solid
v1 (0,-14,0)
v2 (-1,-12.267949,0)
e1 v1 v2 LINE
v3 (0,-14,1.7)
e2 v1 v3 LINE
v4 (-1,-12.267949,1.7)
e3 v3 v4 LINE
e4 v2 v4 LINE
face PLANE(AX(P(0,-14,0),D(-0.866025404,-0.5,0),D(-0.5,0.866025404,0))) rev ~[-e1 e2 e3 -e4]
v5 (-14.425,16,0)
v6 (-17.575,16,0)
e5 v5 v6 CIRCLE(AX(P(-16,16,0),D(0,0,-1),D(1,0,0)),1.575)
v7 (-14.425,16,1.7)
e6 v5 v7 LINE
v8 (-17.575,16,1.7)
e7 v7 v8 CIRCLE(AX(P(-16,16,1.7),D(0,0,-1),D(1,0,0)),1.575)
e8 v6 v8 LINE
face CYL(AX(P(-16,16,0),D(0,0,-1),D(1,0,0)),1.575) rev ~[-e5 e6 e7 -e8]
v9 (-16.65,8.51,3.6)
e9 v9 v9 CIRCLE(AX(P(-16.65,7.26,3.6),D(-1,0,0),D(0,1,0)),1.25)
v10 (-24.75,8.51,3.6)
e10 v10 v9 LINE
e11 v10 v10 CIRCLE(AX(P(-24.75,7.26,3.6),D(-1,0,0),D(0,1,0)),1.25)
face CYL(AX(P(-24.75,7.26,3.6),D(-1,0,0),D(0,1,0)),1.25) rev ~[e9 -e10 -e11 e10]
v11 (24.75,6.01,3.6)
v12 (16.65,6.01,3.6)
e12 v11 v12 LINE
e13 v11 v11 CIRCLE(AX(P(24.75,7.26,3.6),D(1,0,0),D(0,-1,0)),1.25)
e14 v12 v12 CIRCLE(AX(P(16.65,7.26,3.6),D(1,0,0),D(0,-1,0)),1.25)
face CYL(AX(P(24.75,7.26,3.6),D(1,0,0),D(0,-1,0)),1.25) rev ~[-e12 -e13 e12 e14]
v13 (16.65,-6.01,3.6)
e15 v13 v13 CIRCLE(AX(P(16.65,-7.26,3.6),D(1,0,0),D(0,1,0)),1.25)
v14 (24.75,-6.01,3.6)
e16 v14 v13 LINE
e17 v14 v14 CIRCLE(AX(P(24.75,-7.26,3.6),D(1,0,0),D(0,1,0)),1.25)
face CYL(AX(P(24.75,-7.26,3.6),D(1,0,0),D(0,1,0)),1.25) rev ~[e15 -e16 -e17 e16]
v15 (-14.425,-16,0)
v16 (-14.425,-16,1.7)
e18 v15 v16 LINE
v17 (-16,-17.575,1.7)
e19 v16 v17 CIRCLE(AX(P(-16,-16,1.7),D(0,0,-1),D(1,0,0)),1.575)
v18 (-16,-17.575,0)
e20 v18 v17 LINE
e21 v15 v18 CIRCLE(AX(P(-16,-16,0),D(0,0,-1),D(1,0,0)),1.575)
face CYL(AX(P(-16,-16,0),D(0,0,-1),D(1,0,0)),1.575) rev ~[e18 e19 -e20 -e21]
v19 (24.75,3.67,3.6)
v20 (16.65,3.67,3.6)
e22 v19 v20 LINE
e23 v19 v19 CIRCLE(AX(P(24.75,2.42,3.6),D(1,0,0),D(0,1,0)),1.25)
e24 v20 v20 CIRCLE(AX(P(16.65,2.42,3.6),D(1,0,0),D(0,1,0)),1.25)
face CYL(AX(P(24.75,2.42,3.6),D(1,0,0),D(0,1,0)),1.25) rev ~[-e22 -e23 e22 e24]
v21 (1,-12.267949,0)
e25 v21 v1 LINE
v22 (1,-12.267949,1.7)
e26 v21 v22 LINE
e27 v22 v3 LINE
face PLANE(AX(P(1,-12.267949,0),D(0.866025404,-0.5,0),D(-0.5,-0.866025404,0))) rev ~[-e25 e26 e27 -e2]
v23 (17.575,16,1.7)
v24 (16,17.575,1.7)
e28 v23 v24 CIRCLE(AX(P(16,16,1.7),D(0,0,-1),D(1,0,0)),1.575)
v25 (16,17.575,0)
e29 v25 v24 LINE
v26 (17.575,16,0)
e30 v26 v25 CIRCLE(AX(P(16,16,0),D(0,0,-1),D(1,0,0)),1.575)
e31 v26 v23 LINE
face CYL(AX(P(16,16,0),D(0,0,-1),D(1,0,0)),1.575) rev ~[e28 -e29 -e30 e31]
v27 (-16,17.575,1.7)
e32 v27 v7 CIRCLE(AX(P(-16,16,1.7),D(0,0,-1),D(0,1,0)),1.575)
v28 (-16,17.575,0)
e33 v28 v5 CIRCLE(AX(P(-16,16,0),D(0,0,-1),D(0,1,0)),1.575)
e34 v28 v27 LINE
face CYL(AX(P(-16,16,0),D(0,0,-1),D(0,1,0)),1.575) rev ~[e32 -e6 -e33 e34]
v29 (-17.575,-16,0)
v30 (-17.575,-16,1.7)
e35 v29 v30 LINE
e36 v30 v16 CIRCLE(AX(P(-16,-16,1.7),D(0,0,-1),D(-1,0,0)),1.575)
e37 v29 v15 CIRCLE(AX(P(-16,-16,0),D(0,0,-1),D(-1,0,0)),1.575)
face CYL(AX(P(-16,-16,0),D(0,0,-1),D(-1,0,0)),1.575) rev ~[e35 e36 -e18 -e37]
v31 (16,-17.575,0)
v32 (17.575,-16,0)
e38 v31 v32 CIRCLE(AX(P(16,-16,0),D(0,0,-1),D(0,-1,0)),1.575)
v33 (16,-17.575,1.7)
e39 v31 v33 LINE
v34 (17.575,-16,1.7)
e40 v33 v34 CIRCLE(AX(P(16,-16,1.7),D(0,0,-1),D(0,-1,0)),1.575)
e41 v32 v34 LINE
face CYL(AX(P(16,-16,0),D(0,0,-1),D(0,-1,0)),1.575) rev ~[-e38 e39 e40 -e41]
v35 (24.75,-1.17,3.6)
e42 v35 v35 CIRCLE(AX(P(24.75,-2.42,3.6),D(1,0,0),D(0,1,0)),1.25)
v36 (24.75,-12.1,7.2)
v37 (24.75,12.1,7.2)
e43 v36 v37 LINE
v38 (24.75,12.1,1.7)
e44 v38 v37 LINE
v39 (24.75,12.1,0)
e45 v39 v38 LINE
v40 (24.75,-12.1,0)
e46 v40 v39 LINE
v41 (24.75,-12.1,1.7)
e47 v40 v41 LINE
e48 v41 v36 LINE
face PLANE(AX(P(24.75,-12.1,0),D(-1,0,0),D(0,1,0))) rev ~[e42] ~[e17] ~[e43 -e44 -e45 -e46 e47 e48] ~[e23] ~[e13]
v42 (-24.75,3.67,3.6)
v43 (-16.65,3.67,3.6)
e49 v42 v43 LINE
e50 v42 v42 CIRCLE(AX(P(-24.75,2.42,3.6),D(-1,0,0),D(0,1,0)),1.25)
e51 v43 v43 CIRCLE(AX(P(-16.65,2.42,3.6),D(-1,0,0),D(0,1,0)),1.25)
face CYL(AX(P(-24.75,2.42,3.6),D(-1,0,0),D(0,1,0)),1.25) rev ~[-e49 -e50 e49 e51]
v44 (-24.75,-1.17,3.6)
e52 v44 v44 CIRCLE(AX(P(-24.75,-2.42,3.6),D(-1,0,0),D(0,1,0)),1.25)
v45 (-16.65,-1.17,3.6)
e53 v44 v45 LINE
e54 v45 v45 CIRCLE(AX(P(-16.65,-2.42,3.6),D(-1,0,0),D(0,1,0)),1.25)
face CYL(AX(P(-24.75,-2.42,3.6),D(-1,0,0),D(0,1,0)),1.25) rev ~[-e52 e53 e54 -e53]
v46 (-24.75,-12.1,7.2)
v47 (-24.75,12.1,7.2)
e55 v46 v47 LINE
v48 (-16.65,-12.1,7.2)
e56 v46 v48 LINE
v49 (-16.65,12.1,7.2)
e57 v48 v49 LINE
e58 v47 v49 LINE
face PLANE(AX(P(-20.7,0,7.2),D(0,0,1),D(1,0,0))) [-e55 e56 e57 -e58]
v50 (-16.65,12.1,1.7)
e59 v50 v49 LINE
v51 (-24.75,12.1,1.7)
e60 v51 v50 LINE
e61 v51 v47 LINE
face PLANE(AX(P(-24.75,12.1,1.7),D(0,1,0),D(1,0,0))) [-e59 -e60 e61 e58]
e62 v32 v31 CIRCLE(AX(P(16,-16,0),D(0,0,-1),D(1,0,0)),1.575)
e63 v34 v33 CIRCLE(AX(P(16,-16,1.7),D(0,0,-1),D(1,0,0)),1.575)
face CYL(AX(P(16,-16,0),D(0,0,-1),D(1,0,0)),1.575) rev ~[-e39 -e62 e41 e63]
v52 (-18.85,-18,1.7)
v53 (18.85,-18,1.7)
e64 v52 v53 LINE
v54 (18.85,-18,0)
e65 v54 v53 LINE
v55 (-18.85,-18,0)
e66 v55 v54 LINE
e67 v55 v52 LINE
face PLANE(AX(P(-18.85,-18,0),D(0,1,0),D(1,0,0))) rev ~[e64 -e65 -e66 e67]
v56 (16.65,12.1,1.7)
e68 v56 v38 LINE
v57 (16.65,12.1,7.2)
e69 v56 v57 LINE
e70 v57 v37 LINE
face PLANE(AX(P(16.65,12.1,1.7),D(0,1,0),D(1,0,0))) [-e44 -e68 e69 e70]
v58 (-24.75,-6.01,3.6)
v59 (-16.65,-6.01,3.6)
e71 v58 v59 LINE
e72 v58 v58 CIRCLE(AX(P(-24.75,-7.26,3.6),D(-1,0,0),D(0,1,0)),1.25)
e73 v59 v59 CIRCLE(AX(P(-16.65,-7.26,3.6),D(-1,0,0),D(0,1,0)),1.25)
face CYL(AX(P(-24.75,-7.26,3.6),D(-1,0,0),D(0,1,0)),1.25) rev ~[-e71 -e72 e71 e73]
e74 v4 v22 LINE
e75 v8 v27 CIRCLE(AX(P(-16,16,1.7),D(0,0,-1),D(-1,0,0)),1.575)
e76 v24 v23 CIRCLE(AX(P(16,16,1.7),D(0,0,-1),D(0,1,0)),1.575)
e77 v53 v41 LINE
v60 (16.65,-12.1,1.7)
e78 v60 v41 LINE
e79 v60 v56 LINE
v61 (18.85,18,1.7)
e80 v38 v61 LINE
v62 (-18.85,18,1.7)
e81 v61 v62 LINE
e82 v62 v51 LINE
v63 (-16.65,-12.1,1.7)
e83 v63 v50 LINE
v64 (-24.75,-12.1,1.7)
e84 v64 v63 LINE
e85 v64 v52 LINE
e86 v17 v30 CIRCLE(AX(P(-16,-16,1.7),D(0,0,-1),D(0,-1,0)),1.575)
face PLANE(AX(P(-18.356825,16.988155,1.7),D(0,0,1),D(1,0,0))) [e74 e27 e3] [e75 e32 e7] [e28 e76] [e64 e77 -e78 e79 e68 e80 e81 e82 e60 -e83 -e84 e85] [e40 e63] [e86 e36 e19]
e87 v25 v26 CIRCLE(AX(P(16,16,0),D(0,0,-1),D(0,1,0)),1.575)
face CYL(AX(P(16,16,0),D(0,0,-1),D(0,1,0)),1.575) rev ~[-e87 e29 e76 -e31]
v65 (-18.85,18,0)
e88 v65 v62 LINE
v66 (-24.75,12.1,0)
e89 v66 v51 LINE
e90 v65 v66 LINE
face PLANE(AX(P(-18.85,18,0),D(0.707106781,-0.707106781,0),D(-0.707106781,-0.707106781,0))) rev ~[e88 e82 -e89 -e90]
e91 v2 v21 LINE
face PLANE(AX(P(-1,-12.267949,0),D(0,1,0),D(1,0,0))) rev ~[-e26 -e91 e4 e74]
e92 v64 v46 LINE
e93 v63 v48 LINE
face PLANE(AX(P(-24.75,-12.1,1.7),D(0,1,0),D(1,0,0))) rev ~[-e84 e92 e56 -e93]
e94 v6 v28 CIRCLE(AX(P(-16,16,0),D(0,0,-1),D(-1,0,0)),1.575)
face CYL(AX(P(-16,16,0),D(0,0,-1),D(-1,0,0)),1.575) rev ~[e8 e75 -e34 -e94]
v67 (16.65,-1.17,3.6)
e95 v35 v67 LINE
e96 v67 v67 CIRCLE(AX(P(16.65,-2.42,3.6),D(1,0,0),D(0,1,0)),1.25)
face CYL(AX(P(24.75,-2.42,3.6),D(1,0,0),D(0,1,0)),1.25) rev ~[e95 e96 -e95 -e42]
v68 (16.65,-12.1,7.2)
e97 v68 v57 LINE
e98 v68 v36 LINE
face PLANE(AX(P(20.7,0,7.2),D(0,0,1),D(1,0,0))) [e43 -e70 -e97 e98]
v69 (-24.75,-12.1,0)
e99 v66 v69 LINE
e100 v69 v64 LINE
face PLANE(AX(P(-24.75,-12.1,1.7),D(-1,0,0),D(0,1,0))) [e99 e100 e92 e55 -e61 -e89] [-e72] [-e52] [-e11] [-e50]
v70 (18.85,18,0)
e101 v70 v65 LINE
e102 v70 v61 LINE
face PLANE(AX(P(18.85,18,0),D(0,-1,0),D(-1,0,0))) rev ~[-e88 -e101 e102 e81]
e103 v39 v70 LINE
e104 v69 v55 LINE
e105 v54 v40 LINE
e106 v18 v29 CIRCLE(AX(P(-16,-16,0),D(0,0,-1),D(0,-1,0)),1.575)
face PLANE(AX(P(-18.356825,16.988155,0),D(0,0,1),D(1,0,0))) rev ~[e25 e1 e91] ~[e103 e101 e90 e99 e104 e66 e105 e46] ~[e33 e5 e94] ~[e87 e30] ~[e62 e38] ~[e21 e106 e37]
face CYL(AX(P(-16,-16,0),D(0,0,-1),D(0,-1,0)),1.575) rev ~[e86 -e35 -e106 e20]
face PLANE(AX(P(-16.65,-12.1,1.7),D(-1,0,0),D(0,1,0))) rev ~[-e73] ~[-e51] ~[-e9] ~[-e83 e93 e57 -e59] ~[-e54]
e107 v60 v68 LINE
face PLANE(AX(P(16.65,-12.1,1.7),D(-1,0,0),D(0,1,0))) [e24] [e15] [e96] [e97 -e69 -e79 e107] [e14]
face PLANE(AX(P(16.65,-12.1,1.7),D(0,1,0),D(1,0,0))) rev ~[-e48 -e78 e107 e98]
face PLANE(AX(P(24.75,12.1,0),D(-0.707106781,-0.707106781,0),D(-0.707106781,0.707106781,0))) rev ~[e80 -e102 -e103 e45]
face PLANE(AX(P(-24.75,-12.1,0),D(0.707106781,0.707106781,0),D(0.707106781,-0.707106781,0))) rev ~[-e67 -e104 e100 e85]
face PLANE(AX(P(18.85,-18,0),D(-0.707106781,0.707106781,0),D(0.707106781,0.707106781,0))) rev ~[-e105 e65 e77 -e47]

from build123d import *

# Parameters (mm, degrees)
F1_DEPTH = 1.7
F2_W     = 8.1
F2_H     = 24.2000000085
F3_DEPTH = 5.5
F6_DEPTH = 8.1
F7_DEPTH = 8.1


with BuildPart() as f1:
    # F0 (on Top) → F1 (new body)
    with BuildSketch(Plane.XY):
        with BuildLine():
            ThreePointArc((-17.5750000042, 16), (-17.1136931846, 17.1136931804), (-16.0000000042, 17.575))
            Line((-16.0000000042, 17.575), (-16.0000000042, 18))
            Line((-16.0000000042, 18), (-18.8500000085, 18))
            Line((-18.8500000085, 18), (-20.8500000085, 16))
            Line((-20.8500000085, 16), (-17.5750000042, 16))
        make_face()
        with BuildLine():
            ThreePointArc((-16.0000000042, 17.575), (-14.8863068239, 17.1136931804), (-14.4250000042, 16))
            ThreePointArc((-14.4250000042, 16), (-16.0000000042, 14.425), (-17.5750000042, 16))
            Line((-17.5750000042, 16), (-20.8500000085, 16))
            Line((-20.8500000085, 16), (-24.75, 12.1000000085))
            Line((-24.75, 12.1000000085), (-24.75, -12.1))
            Line((-24.75, -12.1), (-20.85, -16))
            Line((-20.85, -16), (-17.5749999958, -16))
            ThreePointArc((-17.5749999958, -16), (-15.9999999958, -14.425), (-14.4249999958, -16))
            ThreePointArc((-14.4249999958, -16), (-14.8863068154, -17.1136931804), (-15.9999999958, -17.575))
            Line((-15.9999999958, -17.575), (-15.9999999958, -18))
            Line((-15.9999999958, -18), (16.0000000042, -18))
            Line((16.0000000042, -18), (16.0000000042, -17.575))
            ThreePointArc((16.0000000042, -17.575), (14.8863068239, -14.8863068196), (17.5750000042, -16))
            Line((17.5750000042, -16), (20.8500000085, -16))
            Line((20.8500000085, -16), (24.75, -12.1000000085))
            Line((24.75, -12.1000000085), (24.75, 12.1))
            Line((24.75, 12.1), (20.85, 16))
            Line((20.85, 16), (17.5749999958, 16))
            ThreePointArc((17.5749999958, 16), (14.8863068154, 14.8863068196), (15.9999999958, 17.575))
            Line((15.9999999958, 17.575), (15.9999999958, 18))
            Line((15.9999999958, 18), (-16.0000000042, 18))
            Line((-16.0000000042, 18), (-16.0000000042, 17.575))
        make_face()
        Polygon((1, -12.2679491924), (0, -14), (-1, -12.2679491924), align=None, mode=Mode.SUBTRACT)
        with BuildLine():
            Line((18.85, 18), (15.9999999958, 18))
            Line((15.9999999958, 18), (15.9999999958, 17.575))
            ThreePointArc((15.9999999958, 17.575), (17.1136931761, 17.1136931804), (17.5749999958, 16))
            Line((17.5749999958, 16), (20.85, 16))
            Line((20.85, 16), (18.85, 18))
        make_face()
        with BuildLine():
            Line((18.8500000085, -18), (20.8500000085, -16))
            Line((20.8500000085, -16), (17.5750000042, -16))
            ThreePointArc((17.5750000042, -16), (17.1136931846, -17.1136931804), (16.0000000042, -17.575))
            Line((16.0000000042, -17.575), (16.0000000042, -18))
            Line((16.0000000042, -18), (18.8500000085, -18))
        make_face()
        with BuildLine():
            Line((-17.5749999958, -16), (-20.85, -16))
            Line((-20.85, -16), (-18.85, -18))
            Line((-18.85, -18), (-15.9999999958, -18))
            Line((-15.9999999958, -18), (-15.9999999958, -17.575))
            ThreePointArc((-15.9999999958, -17.575), (-17.1136931761, -17.1136931804), (-17.5749999958, -16))
        make_face()
    extrude(amount=F1_DEPTH)

    # F2 (on face) → F3 (join)
    with BuildSketch(Plane.XY.offset(1.7)):
        with Locations((-20.7, 4.2e-09)):
            Rectangle(F2_W, F2_H)
        with Locations((20.7, -4.2e-09)):
            Rectangle(F2_W, F2_H)
    extrude(amount=F3_DEPTH)

    # F5 (on face) → F6 (cut)
    with BuildSketch(Plane.YZ.offset(24.75)):
        with BuildLine():
            Line((6.0099999915, 3.6), (8.5099999915, 3.6))
            ThreePointArc((8.5099999915, 3.6), (7.2599999915, 4.85), (6.0099999915, 3.6))
        make_face()
        with BuildLine():
            ThreePointArc((6.0099999915, 3.6), (7.2599999915, 2.35), (8.5099999915, 3.6))
            Line((8.5099999915, 3.6), (6.0099999915, 3.6))
        make_face()
        with BuildLine():
            ThreePointArc((1.1699999915, 3.6), (2.4199999915, 2.35), (3.6699999915, 3.6))
            Line((3.6699999915, 3.6), (1.1699999915, 3.6))
        make_face()
        with BuildLine():
            Line((1.1699999915, 3.6), (3.6699999915, 3.6))
            ThreePointArc((3.6699999915, 3.6), (2.4199999915, 4.85), (1.1699999915, 3.6))
        make_face()
        with BuildLine():
            ThreePointArc((-3.6700000085, 3.6), (-2.4200000085, 2.35), (-1.1700000085, 3.6))
            Line((-1.1700000085, 3.6), (-3.6700000085, 3.6))
        make_face()
        with BuildLine():
            Line((-3.6700000085, 3.6), (-1.1700000085, 3.6))
            ThreePointArc((-1.1700000085, 3.6), (-2.4200000085, 4.85), (-3.6700000085, 3.6))
        make_face()
        with BuildLine():
            Line((-6.0100000085, 3.6), (-8.5100000085, 3.6))
            ThreePointArc((-8.5100000085, 3.6), (-7.2600000085, 2.35), (-6.0100000085, 3.6))
        make_face()
        with BuildLine():
            ThreePointArc((-6.0100000085, 3.6), (-7.2600000085, 4.85), (-8.5100000085, 3.6))
            Line((-8.5100000085, 3.6), (-6.0100000085, 3.6))
        make_face()
    extrude(amount=-F6_DEPTH, mode=Mode.SUBTRACT)

    # F4 (on face) → F7 (cut)
    with BuildSketch(Plane(origin=(-24.75, 0, 0), x_dir=(0, -1, 0), z_dir=(-1, 0, 0))):
        with BuildLine():
            Line((6.0099999915, 3.6), (8.5099999915, 3.6))
            ThreePointArc((8.5099999915, 3.6), (7.2599999915, 4.85), (6.0099999915, 3.6))
        make_face()
        with BuildLine():
            ThreePointArc((6.0099999915, 3.6), (7.2599999915, 2.35), (8.5099999915, 3.6))
            Line((8.5099999915, 3.6), (6.0099999915, 3.6))
        make_face()
        with BuildLine():
            Line((1.1699999915, 3.6), (3.6699999915, 3.6))
            ThreePointArc((3.6699999915, 3.6), (2.4199999915, 4.85), (1.1699999915, 3.6))
        make_face()
        with BuildLine():
            ThreePointArc((1.1699999915, 3.6), (2.4199999915, 2.35), (3.6699999915, 3.6))
            Line((3.6699999915, 3.6), (1.1699999915, 3.6))
        make_face()
        with BuildLine():
            Line((-3.6700000085, 3.6), (-1.1700000085, 3.6))
            ThreePointArc((-1.1700000085, 3.6), (-2.4200000085, 4.85), (-3.6700000085, 3.6))
        make_face()
        with BuildLine():
            ThreePointArc((-3.6700000085, 3.6), (-2.4200000085, 2.35), (-1.1700000085, 3.6))
            Line((-1.1700000085, 3.6), (-3.6700000085, 3.6))
        make_face()
        with BuildLine():
            ThreePointArc((-6.0100000085, 3.6), (-7.2600000085, 4.85), (-8.5100000085, 3.6))
            Line((-8.5100000085, 3.6), (-6.0100000085, 3.6))
        make_face()
        with BuildLine():
            Line((-6.0100000085, 3.6), (-8.5100000085, 3.6))
            ThreePointArc((-8.5100000085, 3.6), (-7.2600000085, 2.35), (-6.0100000085, 3.6))
        make_face()
    extrude(amount=-F7_DEPTH, mode=Mode.SUBTRACT)


solid = f1.part
